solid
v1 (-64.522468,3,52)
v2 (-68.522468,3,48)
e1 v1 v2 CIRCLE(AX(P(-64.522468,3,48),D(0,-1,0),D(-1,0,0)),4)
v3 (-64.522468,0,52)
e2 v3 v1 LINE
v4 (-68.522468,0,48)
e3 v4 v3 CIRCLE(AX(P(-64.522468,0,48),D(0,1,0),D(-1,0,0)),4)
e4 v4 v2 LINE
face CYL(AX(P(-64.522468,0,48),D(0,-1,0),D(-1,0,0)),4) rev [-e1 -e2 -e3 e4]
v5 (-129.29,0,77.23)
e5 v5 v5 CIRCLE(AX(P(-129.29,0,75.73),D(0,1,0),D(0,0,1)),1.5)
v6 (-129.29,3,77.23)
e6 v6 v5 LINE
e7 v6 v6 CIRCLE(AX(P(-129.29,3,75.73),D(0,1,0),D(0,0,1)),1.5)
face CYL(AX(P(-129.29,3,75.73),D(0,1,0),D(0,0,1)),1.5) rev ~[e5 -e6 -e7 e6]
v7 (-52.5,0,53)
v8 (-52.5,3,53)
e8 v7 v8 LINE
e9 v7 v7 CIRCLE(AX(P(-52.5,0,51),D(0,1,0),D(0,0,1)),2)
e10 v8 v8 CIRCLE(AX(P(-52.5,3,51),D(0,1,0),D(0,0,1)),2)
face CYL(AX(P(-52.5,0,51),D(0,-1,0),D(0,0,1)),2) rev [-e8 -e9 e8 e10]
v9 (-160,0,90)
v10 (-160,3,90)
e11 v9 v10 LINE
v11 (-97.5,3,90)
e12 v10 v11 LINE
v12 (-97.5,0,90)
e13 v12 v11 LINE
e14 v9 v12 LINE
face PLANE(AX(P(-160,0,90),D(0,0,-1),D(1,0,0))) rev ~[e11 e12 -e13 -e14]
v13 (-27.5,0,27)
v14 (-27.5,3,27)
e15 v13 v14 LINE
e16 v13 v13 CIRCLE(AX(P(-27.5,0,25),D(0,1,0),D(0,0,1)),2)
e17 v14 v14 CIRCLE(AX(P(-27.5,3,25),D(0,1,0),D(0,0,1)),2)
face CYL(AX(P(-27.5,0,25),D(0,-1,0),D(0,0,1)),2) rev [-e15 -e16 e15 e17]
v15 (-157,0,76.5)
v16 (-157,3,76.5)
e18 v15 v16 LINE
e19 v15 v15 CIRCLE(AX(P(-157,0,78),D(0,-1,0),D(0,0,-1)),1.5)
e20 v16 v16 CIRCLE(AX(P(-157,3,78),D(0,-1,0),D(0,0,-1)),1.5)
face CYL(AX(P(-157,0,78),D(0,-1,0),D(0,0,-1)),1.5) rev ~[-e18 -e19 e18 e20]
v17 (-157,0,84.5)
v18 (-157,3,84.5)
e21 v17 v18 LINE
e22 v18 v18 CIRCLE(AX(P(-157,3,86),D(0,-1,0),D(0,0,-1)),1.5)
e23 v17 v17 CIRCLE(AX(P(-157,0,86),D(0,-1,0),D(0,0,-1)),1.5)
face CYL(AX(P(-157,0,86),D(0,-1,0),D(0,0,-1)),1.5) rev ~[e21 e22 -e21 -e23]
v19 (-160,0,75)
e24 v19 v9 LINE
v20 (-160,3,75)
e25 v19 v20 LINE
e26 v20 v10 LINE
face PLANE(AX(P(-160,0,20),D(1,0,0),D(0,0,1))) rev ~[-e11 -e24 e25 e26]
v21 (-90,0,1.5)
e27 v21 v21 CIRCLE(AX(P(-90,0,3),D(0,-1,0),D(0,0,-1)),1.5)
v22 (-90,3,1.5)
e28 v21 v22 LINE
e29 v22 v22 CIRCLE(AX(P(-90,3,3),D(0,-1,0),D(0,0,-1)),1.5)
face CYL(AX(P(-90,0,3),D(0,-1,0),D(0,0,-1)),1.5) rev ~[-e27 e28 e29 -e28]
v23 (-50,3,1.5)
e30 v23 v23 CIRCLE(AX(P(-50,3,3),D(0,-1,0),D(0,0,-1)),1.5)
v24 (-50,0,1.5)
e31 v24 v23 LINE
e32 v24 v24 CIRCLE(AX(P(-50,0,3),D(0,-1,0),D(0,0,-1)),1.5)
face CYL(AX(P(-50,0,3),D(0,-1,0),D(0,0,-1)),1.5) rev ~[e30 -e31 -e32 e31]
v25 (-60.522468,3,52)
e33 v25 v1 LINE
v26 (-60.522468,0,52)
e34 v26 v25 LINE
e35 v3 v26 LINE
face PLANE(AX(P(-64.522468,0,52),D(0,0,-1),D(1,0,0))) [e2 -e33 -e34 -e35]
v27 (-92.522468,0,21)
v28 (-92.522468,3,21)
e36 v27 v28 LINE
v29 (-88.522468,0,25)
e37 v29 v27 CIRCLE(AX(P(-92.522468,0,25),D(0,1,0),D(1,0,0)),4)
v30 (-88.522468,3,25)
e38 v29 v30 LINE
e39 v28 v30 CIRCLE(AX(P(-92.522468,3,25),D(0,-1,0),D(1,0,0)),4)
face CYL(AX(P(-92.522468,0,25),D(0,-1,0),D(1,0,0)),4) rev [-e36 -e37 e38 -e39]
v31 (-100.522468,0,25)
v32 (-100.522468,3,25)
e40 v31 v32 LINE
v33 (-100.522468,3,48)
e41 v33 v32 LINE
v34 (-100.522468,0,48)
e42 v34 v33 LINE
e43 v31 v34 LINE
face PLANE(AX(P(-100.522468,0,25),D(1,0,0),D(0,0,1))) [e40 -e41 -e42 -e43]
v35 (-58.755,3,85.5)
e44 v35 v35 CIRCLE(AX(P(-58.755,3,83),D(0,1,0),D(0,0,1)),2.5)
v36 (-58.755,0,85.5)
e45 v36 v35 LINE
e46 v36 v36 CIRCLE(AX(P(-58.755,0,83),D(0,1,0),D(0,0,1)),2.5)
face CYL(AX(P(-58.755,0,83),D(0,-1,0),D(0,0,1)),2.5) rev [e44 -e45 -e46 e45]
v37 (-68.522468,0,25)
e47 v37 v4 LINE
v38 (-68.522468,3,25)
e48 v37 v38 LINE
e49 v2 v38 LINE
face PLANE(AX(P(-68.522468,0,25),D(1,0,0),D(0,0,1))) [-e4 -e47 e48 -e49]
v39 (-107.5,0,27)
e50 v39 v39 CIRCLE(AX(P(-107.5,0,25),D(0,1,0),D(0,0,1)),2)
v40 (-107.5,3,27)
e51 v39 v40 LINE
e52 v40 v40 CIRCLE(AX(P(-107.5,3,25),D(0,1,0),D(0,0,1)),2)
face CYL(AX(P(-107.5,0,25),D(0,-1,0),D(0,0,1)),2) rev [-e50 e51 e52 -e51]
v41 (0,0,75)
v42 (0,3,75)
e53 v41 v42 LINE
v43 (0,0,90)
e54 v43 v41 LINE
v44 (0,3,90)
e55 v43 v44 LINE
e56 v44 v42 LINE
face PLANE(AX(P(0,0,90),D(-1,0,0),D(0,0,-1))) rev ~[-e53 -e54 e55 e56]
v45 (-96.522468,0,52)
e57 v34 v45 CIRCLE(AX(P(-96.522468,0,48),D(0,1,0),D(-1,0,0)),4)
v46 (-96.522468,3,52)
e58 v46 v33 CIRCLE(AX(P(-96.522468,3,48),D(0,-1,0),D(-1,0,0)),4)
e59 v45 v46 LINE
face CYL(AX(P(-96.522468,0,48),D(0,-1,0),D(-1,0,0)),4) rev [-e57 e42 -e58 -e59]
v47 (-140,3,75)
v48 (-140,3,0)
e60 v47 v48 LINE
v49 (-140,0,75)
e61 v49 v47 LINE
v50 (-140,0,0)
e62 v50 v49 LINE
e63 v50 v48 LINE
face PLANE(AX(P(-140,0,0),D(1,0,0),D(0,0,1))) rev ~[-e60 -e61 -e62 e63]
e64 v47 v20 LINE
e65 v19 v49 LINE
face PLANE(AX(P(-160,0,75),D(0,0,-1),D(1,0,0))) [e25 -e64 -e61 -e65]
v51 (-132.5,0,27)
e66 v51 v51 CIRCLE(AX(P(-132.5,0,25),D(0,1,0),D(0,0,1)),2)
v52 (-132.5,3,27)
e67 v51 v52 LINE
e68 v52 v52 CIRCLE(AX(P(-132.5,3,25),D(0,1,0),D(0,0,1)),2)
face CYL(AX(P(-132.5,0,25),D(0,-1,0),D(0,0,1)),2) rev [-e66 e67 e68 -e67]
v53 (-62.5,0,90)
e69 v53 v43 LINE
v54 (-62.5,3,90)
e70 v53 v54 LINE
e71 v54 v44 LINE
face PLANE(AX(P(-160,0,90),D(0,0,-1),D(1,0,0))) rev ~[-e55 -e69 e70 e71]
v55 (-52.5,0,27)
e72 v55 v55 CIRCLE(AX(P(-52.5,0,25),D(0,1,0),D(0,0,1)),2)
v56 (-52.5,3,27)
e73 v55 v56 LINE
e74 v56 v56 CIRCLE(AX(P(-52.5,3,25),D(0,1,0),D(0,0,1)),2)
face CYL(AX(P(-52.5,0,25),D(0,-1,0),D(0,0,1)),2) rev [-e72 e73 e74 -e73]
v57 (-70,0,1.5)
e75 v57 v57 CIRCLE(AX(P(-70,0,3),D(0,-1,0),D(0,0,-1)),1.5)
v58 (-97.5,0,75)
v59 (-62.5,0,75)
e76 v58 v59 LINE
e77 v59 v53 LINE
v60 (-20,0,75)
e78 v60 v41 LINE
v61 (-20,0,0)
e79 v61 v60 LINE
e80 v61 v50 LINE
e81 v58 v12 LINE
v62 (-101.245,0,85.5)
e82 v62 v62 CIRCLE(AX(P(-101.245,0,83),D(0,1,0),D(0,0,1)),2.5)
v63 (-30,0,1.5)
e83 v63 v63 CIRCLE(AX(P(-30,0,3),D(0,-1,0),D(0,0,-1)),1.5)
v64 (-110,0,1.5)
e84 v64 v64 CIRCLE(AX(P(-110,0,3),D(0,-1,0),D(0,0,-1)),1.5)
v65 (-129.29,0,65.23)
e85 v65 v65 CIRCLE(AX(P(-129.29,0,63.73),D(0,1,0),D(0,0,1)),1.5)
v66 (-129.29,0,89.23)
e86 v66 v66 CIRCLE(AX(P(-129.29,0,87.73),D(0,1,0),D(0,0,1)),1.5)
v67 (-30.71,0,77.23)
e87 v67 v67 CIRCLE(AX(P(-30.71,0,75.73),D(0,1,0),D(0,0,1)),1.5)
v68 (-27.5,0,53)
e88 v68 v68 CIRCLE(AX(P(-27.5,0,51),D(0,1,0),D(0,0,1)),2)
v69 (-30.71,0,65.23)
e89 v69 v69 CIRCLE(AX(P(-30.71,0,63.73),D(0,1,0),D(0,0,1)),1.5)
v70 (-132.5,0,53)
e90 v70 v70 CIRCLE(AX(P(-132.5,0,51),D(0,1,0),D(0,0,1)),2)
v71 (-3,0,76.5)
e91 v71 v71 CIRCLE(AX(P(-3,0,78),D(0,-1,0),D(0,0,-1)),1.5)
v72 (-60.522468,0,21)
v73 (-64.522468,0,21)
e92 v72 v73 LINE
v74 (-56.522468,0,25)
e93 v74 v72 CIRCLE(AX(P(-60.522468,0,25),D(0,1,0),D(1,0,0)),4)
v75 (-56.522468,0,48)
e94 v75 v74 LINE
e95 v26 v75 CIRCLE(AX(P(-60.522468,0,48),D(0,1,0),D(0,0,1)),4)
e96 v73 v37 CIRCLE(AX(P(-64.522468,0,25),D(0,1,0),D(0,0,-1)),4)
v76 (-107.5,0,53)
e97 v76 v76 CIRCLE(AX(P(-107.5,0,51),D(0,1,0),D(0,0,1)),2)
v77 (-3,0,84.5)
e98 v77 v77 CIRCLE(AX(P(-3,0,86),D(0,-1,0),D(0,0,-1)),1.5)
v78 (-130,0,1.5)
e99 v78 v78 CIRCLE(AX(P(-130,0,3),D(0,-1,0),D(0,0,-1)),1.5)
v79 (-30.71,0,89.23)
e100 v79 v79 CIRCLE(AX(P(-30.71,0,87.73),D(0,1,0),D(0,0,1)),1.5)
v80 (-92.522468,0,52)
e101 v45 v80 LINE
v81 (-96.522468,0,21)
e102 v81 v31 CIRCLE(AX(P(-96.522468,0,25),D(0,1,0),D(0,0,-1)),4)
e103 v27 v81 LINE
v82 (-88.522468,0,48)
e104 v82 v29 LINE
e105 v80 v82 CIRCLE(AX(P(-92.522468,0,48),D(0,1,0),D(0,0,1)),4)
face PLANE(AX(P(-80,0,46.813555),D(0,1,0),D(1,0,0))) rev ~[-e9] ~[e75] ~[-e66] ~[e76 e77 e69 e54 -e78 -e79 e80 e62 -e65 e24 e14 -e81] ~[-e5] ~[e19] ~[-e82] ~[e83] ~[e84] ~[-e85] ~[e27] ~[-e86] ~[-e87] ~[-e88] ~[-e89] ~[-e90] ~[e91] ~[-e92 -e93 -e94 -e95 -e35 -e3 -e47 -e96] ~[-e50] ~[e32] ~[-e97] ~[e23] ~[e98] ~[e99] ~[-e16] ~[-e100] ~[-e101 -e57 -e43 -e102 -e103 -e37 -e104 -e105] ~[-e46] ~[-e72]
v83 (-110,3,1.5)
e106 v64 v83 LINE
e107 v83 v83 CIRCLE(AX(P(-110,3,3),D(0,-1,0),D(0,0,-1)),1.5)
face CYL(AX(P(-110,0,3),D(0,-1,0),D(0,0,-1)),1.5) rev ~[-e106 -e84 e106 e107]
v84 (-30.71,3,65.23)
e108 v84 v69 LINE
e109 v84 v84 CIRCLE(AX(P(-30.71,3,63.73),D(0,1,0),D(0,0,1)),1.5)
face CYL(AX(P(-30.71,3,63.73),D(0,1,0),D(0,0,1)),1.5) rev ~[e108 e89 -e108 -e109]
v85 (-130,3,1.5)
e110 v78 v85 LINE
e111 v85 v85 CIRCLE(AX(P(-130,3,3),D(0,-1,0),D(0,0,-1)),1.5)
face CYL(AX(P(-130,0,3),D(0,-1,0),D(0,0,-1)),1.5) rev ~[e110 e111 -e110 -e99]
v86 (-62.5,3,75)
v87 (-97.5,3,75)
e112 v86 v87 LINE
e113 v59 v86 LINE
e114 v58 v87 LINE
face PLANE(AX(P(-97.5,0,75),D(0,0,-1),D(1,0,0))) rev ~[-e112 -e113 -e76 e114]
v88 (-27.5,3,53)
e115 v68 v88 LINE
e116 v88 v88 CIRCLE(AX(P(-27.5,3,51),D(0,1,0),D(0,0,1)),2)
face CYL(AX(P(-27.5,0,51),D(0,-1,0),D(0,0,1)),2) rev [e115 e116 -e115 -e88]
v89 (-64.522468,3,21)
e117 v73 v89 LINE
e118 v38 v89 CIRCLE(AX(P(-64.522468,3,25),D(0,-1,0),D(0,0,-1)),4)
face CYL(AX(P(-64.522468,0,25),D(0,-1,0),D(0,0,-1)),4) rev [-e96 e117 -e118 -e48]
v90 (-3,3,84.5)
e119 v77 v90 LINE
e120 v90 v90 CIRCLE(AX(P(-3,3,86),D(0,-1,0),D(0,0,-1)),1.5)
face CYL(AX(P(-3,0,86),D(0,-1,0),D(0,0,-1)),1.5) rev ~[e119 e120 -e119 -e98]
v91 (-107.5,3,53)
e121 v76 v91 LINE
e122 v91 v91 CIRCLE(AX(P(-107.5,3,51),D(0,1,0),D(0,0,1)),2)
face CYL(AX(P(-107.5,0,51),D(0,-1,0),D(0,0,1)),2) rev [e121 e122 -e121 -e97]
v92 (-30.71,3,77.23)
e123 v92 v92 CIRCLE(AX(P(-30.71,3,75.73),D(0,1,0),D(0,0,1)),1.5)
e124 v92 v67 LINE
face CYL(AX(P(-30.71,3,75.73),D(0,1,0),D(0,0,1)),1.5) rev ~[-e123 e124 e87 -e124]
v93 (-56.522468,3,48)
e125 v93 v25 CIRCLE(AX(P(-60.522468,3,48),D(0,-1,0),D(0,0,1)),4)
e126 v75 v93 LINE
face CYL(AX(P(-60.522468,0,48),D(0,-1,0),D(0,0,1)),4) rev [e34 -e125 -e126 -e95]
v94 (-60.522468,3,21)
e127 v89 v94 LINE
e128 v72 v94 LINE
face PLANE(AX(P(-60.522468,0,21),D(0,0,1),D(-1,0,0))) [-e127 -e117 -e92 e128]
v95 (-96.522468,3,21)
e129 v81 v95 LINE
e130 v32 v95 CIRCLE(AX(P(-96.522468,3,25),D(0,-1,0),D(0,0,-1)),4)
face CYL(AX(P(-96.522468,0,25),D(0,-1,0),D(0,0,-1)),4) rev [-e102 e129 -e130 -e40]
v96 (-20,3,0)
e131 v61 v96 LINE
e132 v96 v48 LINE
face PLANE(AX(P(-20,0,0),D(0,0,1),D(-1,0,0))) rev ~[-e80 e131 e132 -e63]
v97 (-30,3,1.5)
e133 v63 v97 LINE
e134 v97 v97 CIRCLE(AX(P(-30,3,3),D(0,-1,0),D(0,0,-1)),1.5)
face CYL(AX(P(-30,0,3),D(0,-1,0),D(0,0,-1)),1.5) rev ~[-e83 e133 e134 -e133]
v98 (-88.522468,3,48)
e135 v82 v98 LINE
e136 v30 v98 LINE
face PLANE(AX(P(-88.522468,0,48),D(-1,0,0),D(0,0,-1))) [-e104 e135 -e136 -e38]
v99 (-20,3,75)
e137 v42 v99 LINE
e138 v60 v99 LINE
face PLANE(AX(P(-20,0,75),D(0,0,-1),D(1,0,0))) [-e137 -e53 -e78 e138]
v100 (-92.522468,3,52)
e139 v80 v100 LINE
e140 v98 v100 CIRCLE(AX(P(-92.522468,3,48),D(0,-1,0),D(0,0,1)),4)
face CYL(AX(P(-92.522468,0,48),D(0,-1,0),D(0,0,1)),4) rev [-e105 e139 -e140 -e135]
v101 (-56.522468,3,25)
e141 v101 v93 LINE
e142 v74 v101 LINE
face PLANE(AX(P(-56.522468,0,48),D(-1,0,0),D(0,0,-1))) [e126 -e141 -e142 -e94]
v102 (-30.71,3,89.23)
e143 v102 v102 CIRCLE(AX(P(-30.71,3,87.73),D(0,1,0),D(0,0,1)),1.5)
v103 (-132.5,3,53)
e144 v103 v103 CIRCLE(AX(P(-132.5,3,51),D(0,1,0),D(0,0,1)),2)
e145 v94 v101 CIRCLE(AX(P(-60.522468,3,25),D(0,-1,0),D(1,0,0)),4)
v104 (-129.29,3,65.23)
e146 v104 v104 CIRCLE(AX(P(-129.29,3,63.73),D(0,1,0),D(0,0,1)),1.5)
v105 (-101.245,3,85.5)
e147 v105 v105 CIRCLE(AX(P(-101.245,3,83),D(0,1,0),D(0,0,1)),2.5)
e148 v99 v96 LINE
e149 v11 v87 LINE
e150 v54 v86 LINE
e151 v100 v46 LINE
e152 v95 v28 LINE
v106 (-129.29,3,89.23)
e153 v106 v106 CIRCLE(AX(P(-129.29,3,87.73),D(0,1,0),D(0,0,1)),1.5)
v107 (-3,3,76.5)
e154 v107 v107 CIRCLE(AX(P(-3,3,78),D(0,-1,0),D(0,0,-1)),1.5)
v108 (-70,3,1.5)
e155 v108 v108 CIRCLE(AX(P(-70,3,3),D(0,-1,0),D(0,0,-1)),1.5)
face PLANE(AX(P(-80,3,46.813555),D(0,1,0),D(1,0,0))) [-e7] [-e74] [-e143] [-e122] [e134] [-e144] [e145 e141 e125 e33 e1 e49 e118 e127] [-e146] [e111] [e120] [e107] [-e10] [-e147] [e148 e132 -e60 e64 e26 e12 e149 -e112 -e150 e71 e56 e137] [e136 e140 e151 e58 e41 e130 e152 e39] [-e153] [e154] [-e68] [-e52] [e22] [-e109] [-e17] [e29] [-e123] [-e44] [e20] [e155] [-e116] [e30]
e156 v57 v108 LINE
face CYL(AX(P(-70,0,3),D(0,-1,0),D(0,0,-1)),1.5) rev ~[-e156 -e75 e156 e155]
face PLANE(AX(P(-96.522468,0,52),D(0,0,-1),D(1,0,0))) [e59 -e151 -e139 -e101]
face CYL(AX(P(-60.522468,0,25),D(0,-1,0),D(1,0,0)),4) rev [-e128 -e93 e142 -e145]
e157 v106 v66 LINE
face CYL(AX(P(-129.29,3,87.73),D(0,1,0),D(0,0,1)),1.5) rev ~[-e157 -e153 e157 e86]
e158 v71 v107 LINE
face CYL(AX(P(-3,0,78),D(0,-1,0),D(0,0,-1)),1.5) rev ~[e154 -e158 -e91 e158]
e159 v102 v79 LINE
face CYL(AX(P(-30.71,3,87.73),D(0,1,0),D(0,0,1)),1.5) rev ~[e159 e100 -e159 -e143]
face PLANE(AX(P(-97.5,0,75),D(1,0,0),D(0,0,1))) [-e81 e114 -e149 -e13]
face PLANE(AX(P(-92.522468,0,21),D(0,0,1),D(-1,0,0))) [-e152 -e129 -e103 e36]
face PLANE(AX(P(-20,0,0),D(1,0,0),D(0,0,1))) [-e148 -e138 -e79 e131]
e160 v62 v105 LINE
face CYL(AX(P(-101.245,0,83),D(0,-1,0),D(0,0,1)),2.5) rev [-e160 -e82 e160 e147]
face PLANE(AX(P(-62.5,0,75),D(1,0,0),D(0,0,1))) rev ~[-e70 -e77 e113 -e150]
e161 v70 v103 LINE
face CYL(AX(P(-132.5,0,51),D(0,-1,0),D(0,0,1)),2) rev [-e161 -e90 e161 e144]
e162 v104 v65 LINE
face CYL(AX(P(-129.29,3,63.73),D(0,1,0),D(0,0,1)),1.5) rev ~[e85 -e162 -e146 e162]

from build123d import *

# Parameters (mm, degrees)
CROQUIS1_R              = 2.5
CROQUIS1_R_2            = 2
SALIENTE_EXTRUIR1_DEPTH = 3
CROQUIS2_W              = 20
CROQUIS2_H              = 75
CORTAR_EXTRUIR1_DEPTH   = 10
CROQUIS3_W              = 35
CROQUIS3_H              = 15
CORTAR_EXTRUIR2_DEPTH   = 10
CROQUIS4_R              = 1.5
CORTAR_EXTRUIR3_DEPTH   = 10
CROQUIS5_R              = 1.5
CORTAR_EXTRUIR4_DEPTH   = 10
CORTAR_EXTRUIR5_DEPTH   = 10


with BuildPart() as part:
    # Croquis1 → Saliente-Extruir1 (new body)
    with BuildSketch(Plane(origin=(0, 0, 0), x_dir=(1, 0, 0), z_dir=(0, 1, 0))):
        with BuildLine():
            Line((-20, 0), (-140, 0))
            ThreePointArc((-140, 0), (-154.142135624, -5.857864376), (-160, -20))
            Line((-160, -20), (-160, -90))
            Line((-160, -90), (0, -90))
            Line((0, -90), (0, -20))
            ThreePointArc((0, -20), (-5.857864376, -5.857864376), (-20, 0))
        make_face()
        with Locations(Location((-101.245, -83, 0), (0, 0, 270))):
            Circle(CROQUIS1_R, mode=Mode.SUBTRACT)
        with Locations(Location((-58.755, -83, 0), (0, 0, 270))):
            Circle(CROQUIS1_R, mode=Mode.SUBTRACT)
        with Locations(Location((-132.5, -25, 0), (0, 0, 270))):
            Circle(CROQUIS1_R_2, mode=Mode.SUBTRACT)
        with Locations(Location((-107.5, -25, 0), (0, 0, 270))):
            Circle(CROQUIS1_R_2, mode=Mode.SUBTRACT)
        with Locations(Location((-107.5, -51, 0), (0, 0, 270))):
            Circle(CROQUIS1_R_2, mode=Mode.SUBTRACT)
        with Locations(Location((-132.5, -51, 0), (0, 0, 270))):
            Circle(CROQUIS1_R_2, mode=Mode.SUBTRACT)
        with Locations(Location((-52.5, -25, 0), (0, 0, 270))):
            Circle(CROQUIS1_R_2, mode=Mode.SUBTRACT)
        with Locations(Location((-27.5, -25, 0), (0, 0, 270))):
            Circle(CROQUIS1_R_2, mode=Mode.SUBTRACT)
        with Locations(Location((-52.5, -51, 0), (0, 0, 270))):
            Circle(CROQUIS1_R_2, mode=Mode.SUBTRACT)
        with Locations(Location((-27.5, -51, 0), (0, 0, 270))):
            Circle(CROQUIS1_R_2, mode=Mode.SUBTRACT)
    extrude(amount=SALIENTE_EXTRUIR1_DEPTH)

    # Croquis2 → Cortar-Extruir1 (cut)
    with BuildSketch(Plane.XZ):
        with Locations((-150, 37.5)):
            Rectangle(CROQUIS2_W, CROQUIS2_H)
        with Locations((-10, 37.5)):
            Rectangle(CROQUIS2_W, CROQUIS2_H)
    extrude(amount=-CORTAR_EXTRUIR1_DEPTH, mode=Mode.SUBTRACT)

    # Croquis3 → Cortar-Extruir2 (cut)
    with BuildSketch(Plane.XZ):
        with Locations((-80, 82.5)):
            Rectangle(CROQUIS3_W, CROQUIS3_H)
    extrude(amount=-CORTAR_EXTRUIR2_DEPTH, mode=Mode.SUBTRACT)

    # Croquis4 → Cortar-Extruir3 (cut)
    with BuildSketch(Plane(origin=(0, 3, 0), x_dir=(1, 0, 0), z_dir=(0, 1, 0))):
        with Locations(Location((-30.71, -63.73, 0), (0, 0, 270))):
            Circle(CROQUIS4_R)
        with Locations(Location((-30.71, -75.73, 0), (0, 0, 270))):
            Circle(CROQUIS4_R)
        with Locations(Location((-30.71, -87.73, 0), (0, 0, 270))):
            Circle(CROQUIS4_R)
        with Locations(Location((-129.29, -63.73, 0), (0, 0, 270))):
            Circle(CROQUIS4_R)
        with Locations(Location((-129.29, -75.73, 0), (0, 0, 270))):
            Circle(CROQUIS4_R)
        with Locations(Location((-129.29, -87.73, 0), (0, 0, 270))):
            Circle(CROQUIS4_R)
    extrude(amount=-CORTAR_EXTRUIR3_DEPTH, mode=Mode.SUBTRACT)

    # Croquis5 → Cortar-Extruir4 (cut)
    with BuildSketch(Plane.XZ):
        with Locations(Location((-130, 3, 0), (0, 0, 270))):
            Circle(CROQUIS5_R)
        with Locations(Location((-110, 3, 0), (0, 0, 270))):
            Circle(CROQUIS5_R)
        with Locations(Location((-90, 3, 0), (0, 0, 270))):
            Circle(CROQUIS5_R)
        with Locations(Location((-70, 3, 0), (0, 0, 270))):
            Circle(CROQUIS5_R)
        with Locations(Location((-50, 3, 0), (0, 0, 270))):
            Circle(CROQUIS5_R)
        with Locations(Location((-30, 3, 0), (0, 0, 270))):
            Circle(CROQUIS5_R)
        with Locations(Location((-157, 86, 0), (0, 0, 270))):
            Circle(CROQUIS5_R)
        with Locations(Location((-157, 78, 0), (0, 0, 270))):
            Circle(CROQUIS5_R)
        with Locations(Location((-3, 86, 0), (0, 0, 270))):
            Circle(CROQUIS5_R)
        with Locations(Location((-3, 78, 0), (0, 0, 270))):
            Circle(CROQUIS5_R)
    extrude(amount=-CORTAR_EXTRUIR4_DEPTH, mode=Mode.SUBTRACT)

    # Croquis6 → Cortar-Extruir5 (cut)
    with BuildSketch(Plane(origin=(0, 0, 0), x_dir=(-1, 0, 0), z_dir=(0, -1, 0))):
        with BuildLine():
            Line((64.522468013, -52), (60.522468013, -52))
            ThreePointArc((60.522468013, -52), (57.694040888, -50.828427125), (56.522468013, -48))
            Line((56.522468013, -48), (56.522468013, -25))
            ThreePointArc((56.522468013, -25), (57.694040888, -22.171572875), (60.522468013, -21))
            Line((60.522468013, -21), (64.522468013, -21))
            ThreePointArc((64.522468013, -21), (67.350895137, -22.171572875), (68.522468013, -25))
            Line((68.522468013, -25), (68.522468013, -48))
            ThreePointArc((68.522468013, -48), (67.350895137, -50.828427125), (64.522468013, -52))
        make_face()
        with BuildLine():
            Line((96.522468013, -52), (92.522468013, -52))
            ThreePointArc((92.522468013, -52), (89.694040888, -50.828427125), (88.522468013, -48))
            Line((88.522468013, -48), (88.522468013, -25))
            ThreePointArc((88.522468013, -25), (89.694040888, -22.171572875), (92.522468013, -21))
            Line((92.522468013, -21), (96.522468013, -21))
            ThreePointArc((96.522468013, -21), (99.350895137, -22.171572875), (100.522468013, -25))
            Line((100.522468013, -25), (100.522468013, -48))
            ThreePointArc((100.522468013, -48), (99.350895137, -50.828427125), (96.522468013, -52))
        make_face()
    extrude(amount=-CORTAR_EXTRUIR5_DEPTH, mode=Mode.SUBTRACT)


solid = part.part
